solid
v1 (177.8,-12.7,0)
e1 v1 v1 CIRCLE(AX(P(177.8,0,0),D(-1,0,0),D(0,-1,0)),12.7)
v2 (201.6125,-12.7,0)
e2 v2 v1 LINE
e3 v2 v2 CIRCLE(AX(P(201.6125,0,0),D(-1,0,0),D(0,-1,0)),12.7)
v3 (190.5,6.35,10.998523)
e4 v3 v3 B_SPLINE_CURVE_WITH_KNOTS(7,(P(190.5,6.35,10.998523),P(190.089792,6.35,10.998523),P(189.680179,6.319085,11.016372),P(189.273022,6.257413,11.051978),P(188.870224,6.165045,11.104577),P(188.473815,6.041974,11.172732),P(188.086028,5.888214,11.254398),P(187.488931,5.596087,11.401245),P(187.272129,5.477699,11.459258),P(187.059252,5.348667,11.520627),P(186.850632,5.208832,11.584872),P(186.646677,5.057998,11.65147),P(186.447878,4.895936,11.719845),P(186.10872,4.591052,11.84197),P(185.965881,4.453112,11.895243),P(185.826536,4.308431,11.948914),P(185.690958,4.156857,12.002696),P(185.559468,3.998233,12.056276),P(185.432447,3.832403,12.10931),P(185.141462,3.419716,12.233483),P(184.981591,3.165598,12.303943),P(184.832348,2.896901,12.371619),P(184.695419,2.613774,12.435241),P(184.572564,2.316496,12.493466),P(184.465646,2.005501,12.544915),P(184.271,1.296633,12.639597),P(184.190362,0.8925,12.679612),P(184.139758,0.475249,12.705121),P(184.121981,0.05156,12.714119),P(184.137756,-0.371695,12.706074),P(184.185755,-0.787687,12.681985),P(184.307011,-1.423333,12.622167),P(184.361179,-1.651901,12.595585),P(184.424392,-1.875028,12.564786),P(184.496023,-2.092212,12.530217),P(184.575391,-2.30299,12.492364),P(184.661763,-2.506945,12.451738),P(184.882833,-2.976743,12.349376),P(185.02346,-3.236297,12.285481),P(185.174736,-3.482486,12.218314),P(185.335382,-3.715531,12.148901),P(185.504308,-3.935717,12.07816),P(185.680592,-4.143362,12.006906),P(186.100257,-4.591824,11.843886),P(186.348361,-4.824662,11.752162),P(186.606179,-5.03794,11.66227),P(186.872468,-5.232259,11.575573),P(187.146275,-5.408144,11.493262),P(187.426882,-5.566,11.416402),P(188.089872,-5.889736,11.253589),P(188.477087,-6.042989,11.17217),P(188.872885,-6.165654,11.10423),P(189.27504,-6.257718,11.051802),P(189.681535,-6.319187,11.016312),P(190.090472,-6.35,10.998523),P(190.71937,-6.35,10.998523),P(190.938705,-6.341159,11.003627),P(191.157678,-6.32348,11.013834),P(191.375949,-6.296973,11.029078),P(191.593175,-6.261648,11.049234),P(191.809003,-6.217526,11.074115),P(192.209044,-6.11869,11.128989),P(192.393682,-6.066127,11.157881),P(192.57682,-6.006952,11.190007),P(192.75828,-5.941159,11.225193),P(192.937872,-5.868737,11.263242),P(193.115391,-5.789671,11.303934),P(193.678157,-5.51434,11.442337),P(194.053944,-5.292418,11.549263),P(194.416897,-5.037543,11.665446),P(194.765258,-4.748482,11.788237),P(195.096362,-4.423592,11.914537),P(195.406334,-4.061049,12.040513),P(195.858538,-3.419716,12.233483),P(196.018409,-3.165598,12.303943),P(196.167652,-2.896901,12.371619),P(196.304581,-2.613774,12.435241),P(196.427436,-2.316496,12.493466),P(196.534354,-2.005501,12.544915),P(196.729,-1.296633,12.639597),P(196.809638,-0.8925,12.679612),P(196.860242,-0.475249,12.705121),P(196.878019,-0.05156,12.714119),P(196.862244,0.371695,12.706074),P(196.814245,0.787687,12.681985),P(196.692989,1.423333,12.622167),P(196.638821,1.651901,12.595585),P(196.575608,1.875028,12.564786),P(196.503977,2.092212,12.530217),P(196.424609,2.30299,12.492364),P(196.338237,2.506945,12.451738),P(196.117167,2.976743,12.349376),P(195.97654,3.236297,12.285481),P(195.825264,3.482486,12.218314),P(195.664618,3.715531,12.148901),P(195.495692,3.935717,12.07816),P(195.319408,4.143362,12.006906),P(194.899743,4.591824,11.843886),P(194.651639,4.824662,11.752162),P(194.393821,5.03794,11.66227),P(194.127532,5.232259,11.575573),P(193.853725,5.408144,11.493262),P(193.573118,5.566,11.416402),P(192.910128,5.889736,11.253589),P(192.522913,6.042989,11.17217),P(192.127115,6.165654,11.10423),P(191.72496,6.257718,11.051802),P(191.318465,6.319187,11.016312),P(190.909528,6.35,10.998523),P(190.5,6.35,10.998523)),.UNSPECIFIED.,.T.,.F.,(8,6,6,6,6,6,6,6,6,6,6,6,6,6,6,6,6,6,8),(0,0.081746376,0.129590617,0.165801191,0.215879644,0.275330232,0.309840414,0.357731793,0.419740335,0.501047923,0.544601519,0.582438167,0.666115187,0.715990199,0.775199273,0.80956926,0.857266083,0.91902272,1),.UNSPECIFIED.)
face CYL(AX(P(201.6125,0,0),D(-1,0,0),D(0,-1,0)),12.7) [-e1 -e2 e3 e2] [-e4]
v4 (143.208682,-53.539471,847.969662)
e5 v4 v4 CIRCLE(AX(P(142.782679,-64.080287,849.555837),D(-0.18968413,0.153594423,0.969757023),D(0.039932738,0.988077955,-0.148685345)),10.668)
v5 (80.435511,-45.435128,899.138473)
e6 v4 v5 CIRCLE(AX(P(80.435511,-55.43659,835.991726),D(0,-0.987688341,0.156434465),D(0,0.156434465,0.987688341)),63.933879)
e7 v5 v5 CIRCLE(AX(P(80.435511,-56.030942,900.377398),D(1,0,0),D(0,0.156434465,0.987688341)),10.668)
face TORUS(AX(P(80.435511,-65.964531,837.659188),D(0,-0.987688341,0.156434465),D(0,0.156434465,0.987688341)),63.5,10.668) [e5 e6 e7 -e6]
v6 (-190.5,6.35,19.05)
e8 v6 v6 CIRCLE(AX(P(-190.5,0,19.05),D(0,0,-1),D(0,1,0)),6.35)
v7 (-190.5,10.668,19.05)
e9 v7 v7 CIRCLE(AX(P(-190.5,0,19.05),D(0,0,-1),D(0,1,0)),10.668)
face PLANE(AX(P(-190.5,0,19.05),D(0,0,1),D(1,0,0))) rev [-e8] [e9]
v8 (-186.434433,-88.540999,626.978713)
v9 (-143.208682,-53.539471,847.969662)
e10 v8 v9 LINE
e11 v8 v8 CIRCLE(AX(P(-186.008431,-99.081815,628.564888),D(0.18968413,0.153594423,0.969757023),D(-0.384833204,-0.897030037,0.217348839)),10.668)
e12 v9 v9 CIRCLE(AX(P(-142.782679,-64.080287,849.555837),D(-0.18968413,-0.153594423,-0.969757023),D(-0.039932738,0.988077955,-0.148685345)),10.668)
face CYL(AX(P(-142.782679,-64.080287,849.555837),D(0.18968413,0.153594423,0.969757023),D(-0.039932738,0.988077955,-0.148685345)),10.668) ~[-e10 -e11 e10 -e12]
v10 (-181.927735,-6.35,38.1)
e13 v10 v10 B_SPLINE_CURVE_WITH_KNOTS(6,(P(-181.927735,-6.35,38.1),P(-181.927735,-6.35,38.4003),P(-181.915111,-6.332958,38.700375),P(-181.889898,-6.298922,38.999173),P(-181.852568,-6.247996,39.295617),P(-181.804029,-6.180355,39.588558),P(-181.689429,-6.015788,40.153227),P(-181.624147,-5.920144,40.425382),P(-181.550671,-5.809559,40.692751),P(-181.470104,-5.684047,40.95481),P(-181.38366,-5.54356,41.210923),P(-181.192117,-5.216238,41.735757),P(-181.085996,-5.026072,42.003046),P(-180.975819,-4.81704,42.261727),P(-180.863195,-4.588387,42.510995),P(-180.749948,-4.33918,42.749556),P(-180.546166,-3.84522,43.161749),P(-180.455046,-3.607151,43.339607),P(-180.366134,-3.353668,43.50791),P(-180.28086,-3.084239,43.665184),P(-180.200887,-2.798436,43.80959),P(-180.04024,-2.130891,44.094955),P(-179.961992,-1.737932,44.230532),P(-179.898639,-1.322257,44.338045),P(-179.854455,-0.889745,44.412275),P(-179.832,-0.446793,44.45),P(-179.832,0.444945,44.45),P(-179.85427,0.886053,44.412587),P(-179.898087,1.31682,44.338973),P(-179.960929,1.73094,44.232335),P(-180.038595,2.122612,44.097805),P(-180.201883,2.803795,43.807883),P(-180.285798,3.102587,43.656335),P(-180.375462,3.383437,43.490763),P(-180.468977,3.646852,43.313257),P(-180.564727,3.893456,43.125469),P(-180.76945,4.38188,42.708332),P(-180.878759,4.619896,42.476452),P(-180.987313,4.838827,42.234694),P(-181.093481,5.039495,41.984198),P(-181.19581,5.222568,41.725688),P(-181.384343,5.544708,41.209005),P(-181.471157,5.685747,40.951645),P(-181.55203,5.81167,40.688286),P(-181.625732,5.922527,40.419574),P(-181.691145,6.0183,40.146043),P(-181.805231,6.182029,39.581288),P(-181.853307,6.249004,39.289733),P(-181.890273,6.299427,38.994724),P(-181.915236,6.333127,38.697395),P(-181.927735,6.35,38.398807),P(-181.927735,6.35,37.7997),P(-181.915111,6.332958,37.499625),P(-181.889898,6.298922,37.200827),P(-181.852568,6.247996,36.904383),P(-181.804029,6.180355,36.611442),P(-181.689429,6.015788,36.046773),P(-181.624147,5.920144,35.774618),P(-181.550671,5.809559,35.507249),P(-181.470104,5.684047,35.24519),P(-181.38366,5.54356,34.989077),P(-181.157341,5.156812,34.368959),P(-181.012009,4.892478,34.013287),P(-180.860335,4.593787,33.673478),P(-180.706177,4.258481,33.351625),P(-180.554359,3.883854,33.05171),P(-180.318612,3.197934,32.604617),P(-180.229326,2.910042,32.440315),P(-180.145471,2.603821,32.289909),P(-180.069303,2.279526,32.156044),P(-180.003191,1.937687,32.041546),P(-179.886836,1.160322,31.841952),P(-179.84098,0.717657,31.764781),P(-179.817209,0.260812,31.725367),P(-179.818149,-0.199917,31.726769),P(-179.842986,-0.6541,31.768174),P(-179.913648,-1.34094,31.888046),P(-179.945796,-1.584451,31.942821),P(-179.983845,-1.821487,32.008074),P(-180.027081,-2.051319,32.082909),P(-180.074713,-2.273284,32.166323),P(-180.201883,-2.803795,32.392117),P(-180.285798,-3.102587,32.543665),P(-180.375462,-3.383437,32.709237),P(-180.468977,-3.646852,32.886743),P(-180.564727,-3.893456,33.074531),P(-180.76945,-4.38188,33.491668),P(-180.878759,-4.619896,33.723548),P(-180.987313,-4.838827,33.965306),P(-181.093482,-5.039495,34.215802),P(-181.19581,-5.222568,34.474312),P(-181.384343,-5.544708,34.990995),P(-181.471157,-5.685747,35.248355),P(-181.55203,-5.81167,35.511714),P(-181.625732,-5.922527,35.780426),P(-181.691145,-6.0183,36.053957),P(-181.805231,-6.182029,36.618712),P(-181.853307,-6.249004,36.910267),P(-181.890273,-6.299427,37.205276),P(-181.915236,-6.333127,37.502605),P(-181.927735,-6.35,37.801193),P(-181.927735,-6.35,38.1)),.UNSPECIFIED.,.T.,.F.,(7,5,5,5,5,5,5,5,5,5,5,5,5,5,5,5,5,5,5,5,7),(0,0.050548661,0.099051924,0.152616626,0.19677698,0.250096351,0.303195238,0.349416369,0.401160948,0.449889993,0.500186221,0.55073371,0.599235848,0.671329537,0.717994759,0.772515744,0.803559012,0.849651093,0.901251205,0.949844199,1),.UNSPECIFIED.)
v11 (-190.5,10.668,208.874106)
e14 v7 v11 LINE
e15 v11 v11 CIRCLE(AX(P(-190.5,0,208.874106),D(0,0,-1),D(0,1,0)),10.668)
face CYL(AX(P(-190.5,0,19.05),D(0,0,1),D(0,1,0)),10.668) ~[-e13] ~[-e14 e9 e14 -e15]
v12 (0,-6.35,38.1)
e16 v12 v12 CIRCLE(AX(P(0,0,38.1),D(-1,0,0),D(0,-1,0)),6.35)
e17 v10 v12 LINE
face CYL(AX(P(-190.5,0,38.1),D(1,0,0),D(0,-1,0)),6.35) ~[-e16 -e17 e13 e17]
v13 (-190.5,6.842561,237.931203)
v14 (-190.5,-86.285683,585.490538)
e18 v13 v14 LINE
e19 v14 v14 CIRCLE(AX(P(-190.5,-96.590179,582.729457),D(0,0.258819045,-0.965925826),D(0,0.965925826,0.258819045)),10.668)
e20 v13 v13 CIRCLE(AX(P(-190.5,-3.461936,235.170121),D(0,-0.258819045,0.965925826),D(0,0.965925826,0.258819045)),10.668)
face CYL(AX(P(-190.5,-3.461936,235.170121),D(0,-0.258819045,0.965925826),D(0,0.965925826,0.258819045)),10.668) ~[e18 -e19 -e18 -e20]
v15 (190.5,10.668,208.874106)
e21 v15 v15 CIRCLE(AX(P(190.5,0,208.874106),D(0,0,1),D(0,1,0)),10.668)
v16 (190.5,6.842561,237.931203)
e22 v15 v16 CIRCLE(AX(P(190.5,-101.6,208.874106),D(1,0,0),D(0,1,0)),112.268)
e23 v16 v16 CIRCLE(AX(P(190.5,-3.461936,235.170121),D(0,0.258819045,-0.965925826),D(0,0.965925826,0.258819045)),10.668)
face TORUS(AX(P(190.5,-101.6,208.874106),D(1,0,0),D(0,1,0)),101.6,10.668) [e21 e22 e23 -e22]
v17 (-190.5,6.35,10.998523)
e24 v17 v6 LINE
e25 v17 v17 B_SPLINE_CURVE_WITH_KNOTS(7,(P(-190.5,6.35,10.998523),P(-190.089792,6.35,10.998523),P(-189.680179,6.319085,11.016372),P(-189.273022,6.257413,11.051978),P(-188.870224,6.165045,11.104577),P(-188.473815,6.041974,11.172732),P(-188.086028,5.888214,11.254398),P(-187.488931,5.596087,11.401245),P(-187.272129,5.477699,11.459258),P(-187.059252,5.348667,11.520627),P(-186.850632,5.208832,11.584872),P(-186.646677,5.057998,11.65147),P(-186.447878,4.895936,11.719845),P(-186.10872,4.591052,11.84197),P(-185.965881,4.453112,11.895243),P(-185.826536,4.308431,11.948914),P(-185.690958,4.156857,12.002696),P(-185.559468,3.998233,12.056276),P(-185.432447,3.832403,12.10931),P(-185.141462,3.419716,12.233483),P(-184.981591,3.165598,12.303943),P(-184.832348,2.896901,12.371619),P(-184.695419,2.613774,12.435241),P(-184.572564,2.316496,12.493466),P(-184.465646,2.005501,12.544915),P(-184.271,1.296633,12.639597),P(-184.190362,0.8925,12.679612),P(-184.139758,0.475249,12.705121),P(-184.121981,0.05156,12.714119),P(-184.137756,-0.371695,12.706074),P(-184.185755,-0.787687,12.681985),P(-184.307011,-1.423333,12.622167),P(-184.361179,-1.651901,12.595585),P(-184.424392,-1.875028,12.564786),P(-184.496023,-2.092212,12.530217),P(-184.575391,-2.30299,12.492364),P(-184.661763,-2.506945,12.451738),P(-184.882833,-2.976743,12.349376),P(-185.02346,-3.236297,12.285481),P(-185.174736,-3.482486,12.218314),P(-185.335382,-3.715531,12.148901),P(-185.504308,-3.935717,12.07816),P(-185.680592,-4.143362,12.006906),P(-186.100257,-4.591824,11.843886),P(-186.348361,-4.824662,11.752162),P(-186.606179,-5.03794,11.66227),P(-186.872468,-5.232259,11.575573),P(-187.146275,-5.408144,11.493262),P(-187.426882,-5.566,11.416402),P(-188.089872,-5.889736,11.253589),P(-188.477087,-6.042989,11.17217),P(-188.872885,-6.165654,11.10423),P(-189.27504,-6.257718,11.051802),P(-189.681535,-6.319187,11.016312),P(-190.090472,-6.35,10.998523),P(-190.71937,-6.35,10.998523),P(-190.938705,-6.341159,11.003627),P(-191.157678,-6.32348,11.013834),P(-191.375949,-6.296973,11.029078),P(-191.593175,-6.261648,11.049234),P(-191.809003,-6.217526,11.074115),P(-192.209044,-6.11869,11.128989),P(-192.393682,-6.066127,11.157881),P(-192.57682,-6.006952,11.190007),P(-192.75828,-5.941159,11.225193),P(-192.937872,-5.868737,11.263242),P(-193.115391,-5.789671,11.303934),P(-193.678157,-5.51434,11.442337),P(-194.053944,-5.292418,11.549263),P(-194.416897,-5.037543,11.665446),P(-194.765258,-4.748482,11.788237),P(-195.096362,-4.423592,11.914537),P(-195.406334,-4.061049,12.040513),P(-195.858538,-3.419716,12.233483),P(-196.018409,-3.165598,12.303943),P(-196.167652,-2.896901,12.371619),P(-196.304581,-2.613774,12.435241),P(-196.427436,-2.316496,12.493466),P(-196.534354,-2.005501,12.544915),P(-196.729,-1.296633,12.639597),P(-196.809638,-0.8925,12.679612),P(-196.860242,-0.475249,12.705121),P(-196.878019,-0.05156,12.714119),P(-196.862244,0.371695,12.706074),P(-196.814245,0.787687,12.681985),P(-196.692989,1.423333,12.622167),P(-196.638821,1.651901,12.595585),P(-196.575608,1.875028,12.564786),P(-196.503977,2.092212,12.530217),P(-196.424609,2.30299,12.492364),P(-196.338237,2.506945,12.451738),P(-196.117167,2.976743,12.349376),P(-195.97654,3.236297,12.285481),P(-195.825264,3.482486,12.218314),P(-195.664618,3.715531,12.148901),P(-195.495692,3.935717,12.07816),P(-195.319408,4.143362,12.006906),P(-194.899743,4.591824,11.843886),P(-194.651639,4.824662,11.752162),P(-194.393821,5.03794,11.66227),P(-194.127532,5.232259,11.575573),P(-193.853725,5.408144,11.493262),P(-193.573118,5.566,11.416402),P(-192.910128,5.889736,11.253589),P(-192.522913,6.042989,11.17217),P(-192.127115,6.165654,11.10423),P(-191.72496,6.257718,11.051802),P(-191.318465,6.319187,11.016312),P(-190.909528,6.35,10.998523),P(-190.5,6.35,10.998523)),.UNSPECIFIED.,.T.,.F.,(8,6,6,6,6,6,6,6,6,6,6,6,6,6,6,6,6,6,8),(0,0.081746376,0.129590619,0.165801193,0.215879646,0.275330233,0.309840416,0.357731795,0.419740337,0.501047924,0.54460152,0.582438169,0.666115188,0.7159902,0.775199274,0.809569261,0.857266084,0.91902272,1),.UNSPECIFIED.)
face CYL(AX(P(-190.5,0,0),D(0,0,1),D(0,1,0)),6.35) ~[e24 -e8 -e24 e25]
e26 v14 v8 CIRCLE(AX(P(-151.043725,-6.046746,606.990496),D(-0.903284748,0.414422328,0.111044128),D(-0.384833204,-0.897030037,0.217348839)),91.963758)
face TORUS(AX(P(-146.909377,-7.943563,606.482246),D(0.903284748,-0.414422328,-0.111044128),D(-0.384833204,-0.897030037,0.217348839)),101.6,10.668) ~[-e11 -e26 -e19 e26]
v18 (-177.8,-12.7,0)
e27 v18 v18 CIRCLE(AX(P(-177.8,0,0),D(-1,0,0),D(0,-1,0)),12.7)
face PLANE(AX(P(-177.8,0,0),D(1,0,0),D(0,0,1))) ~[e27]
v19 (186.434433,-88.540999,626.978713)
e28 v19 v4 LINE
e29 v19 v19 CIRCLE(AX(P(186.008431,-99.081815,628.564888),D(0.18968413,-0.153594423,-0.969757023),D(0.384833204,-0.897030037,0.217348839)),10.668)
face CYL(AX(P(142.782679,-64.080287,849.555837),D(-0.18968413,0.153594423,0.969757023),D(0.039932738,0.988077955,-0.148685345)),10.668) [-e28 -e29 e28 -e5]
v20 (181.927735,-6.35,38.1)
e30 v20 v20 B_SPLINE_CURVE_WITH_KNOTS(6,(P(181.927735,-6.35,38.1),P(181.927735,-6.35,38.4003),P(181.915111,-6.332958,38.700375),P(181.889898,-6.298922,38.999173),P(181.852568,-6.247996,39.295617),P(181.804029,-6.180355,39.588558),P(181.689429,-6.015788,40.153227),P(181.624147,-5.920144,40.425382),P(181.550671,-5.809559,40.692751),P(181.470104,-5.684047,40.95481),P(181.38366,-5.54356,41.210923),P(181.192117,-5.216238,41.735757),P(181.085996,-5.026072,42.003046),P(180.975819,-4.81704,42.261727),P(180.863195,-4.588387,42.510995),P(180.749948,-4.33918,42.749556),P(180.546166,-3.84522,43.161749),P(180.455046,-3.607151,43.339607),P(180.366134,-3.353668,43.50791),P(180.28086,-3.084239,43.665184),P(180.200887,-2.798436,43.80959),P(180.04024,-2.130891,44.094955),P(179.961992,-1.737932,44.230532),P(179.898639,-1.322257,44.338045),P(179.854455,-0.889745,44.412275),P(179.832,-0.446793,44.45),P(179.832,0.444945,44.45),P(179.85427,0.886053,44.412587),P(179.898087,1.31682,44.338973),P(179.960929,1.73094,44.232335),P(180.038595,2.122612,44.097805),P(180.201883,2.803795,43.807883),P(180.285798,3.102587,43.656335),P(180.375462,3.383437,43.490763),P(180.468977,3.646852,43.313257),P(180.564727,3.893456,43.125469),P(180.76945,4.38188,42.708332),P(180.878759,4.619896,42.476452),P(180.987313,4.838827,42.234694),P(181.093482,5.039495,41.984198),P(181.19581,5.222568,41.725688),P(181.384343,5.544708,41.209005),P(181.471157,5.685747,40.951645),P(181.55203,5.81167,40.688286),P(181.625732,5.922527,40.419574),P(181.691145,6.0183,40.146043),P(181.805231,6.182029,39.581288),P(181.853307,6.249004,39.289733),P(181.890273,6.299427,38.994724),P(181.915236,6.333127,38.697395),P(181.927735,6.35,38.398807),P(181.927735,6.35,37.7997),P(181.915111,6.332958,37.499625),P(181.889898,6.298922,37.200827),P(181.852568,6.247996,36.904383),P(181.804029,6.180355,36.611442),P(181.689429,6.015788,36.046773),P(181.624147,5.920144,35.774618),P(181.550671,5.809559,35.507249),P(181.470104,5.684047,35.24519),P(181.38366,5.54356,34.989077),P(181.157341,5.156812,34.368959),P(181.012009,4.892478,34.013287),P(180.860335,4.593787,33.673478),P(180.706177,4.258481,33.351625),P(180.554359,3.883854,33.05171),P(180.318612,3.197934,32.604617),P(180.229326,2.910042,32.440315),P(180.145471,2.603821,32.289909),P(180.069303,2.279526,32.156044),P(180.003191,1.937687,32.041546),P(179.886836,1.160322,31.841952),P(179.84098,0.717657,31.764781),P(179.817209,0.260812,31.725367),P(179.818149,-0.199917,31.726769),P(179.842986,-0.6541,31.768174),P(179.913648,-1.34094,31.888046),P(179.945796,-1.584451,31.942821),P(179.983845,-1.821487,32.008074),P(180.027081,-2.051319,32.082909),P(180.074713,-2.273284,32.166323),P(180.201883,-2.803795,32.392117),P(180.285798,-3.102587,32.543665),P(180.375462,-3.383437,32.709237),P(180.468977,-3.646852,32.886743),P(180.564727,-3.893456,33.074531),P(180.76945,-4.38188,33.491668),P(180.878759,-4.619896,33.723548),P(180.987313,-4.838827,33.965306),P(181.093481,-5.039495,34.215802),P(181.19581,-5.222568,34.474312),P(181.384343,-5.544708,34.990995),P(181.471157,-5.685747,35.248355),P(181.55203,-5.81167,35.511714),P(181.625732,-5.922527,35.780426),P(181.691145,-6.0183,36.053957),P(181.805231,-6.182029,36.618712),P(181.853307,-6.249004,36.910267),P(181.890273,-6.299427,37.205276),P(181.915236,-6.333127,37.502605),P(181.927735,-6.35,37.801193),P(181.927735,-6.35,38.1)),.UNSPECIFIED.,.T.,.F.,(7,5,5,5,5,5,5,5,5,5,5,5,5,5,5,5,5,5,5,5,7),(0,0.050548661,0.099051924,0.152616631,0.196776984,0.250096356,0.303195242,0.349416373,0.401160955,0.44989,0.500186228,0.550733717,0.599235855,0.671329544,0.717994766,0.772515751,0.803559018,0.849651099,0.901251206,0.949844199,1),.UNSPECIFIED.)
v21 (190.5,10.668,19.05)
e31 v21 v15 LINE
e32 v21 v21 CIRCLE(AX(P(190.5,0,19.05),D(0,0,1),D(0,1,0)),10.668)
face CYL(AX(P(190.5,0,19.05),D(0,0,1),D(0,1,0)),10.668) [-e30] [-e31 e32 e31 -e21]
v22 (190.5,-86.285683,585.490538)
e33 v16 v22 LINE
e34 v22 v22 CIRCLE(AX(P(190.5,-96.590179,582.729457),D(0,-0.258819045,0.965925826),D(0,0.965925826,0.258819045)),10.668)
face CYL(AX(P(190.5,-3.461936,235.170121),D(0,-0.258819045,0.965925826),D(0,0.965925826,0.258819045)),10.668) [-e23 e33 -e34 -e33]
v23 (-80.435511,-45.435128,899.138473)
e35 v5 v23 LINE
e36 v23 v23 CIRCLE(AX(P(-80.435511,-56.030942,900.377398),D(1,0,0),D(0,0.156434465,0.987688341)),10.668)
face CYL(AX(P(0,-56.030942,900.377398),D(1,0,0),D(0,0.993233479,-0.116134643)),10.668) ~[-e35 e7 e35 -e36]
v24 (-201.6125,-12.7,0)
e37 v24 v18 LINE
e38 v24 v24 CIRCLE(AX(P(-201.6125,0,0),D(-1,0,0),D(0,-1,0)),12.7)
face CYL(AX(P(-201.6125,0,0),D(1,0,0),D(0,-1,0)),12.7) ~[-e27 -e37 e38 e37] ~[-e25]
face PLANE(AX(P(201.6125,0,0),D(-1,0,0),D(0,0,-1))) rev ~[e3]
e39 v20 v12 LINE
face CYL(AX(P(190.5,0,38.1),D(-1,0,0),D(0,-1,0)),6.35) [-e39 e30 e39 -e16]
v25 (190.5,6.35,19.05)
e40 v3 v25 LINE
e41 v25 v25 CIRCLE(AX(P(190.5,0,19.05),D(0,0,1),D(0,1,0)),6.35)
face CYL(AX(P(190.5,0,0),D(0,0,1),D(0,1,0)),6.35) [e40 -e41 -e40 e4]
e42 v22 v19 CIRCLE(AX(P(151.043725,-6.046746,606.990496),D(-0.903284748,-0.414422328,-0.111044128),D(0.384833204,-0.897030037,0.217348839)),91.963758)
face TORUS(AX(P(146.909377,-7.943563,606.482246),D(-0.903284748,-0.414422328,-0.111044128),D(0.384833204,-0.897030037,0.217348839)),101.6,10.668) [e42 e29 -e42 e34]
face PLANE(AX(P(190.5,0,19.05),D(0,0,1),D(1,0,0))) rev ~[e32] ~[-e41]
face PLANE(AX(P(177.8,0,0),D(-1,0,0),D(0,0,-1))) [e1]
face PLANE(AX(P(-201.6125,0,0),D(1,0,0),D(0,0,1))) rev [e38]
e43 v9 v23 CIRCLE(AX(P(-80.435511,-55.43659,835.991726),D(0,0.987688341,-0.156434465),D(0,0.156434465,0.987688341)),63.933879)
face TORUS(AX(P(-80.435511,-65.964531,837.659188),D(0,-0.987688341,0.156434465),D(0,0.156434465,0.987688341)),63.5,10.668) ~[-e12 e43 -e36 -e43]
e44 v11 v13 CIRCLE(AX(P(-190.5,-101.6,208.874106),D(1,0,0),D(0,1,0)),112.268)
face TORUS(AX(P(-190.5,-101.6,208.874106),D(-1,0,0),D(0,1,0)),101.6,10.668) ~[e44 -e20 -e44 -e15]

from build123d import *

# Parameters (mm, degrees)
MAIN_FRAME_PROFILE_R        = 10.668
CROSS_BAR_BOTTOM_PROFILE_R  = 6.35
SWIVEL_CONNECTION_PROFILE_R = 6.35
SWIVEL_OUTER_PROFILE_R      = 12.7


with BuildPart() as part:
    # Main Frame: sweep along a curve in space
    with BuildLine() as main_frame_path:
        Line((190.5, 0, 19.05), (190.5, 0, 208.874106245))
        ThreePointArc((190.5, 0, 208.874106245), (190.5, -0.869202084, 222.135567375), (190.5, -3.461936049, 235.170121228))
        Line((190.5, -3.461936049, 235.170121228), (190.5, -96.590179262, 582.729456518))
        ThreePointArc((186.008430573, -99.081814666, 628.564887795), (189.362259809, -100.245120407, 605.624792126), (190.5, -96.590179262, 582.729456518))
        Line((142.782679241, -64.080286866, 849.555836961), (186.008430573, -99.081814666, 628.564887795))
        ThreePointArc((80.435511173, -56.030942434, 900.377397559), (120.854542376, -58.303150976, 886.031237436), (142.782679241, -64.080286866, 849.555836961))
        Line((0, -56.030942434, 900.377397559), (80.435511173, -56.030942434, 900.377397559))
    # Main Frame profile (on start of the path) → Main Frame (sweep)
    with BuildSketch(Plane(origin=(190.5, 0, 19.05), x_dir=(0, 1, 0), z_dir=(0, 0, 1))):
        Circle(MAIN_FRAME_PROFILE_R)
    main_frame = sweep(path=main_frame_path.line)

    # Cross Bar Bottom: sweep along a curve in space
    with BuildLine() as cross_bar_bottom_path:
        Line((190.5, 0, 38.1), (0, 0, 38.1))
    # Cross Bar Bottom profile (on start of the path) → Cross Bar Bottom (sweep)
    with BuildSketch(Plane(origin=(190.5, 0, 38.1), x_dir=(0, -1, 0), z_dir=(-1, 0, 0))):
        Circle(CROSS_BAR_BOTTOM_PROFILE_R)
    cross_bar_bottom = sweep(path=cross_bar_bottom_path.line)

    # Swivel Connection: sweep along a curve in space
    with BuildLine() as swivel_connection_path:
        Line((190.5, 0, 0), (190.5, 0, 19.05))
    # Swivel Connection profile (on start of the path) → Swivel Connection (sweep)
    with BuildSketch(Plane(origin=(190.5, 0, 0), x_dir=(0, 1, 0), z_dir=(0, 0, 1))):
        Circle(SWIVEL_CONNECTION_PROFILE_R)
    swivel_connection = sweep(path=swivel_connection_path.line)

    # Swivel Outer: sweep along a curve in space
    with BuildLine() as swivel_outer_path:
        Line((201.6125, 0, 0), (177.8, 0, 0))
    # Swivel Outer profile (on start of the path) → Swivel Outer (sweep)
    with BuildSketch(Plane(origin=(201.6125, 0, 0), x_dir=(0, -1, 0), z_dir=(-1, 0, 0))):
        Circle(SWIVEL_OUTER_PROFILE_R)
    swivel_outer = sweep(path=swivel_outer_path.line)

    # Mirror1: Main Frame, Cross Bar Bottom, Swivel Connection, Swivel Outer across plane
    add(main_frame.mirror(Plane(origin=(0, 0, 0), x_dir=(0, 0, 1), z_dir=(1, 0, 0))))
    add(cross_bar_bottom.mirror(Plane(origin=(0, 0, 0), x_dir=(0, 0, 1), z_dir=(1, 0, 0))))
    add(swivel_connection.mirror(Plane(origin=(0, 0, 0), x_dir=(0, 0, 1), z_dir=(1, 0, 0))))
    add(swivel_outer.mirror(Plane(origin=(0, 0, 0), x_dir=(0, 0, 1), z_dir=(1, 0, 0))))


solid = part.part
